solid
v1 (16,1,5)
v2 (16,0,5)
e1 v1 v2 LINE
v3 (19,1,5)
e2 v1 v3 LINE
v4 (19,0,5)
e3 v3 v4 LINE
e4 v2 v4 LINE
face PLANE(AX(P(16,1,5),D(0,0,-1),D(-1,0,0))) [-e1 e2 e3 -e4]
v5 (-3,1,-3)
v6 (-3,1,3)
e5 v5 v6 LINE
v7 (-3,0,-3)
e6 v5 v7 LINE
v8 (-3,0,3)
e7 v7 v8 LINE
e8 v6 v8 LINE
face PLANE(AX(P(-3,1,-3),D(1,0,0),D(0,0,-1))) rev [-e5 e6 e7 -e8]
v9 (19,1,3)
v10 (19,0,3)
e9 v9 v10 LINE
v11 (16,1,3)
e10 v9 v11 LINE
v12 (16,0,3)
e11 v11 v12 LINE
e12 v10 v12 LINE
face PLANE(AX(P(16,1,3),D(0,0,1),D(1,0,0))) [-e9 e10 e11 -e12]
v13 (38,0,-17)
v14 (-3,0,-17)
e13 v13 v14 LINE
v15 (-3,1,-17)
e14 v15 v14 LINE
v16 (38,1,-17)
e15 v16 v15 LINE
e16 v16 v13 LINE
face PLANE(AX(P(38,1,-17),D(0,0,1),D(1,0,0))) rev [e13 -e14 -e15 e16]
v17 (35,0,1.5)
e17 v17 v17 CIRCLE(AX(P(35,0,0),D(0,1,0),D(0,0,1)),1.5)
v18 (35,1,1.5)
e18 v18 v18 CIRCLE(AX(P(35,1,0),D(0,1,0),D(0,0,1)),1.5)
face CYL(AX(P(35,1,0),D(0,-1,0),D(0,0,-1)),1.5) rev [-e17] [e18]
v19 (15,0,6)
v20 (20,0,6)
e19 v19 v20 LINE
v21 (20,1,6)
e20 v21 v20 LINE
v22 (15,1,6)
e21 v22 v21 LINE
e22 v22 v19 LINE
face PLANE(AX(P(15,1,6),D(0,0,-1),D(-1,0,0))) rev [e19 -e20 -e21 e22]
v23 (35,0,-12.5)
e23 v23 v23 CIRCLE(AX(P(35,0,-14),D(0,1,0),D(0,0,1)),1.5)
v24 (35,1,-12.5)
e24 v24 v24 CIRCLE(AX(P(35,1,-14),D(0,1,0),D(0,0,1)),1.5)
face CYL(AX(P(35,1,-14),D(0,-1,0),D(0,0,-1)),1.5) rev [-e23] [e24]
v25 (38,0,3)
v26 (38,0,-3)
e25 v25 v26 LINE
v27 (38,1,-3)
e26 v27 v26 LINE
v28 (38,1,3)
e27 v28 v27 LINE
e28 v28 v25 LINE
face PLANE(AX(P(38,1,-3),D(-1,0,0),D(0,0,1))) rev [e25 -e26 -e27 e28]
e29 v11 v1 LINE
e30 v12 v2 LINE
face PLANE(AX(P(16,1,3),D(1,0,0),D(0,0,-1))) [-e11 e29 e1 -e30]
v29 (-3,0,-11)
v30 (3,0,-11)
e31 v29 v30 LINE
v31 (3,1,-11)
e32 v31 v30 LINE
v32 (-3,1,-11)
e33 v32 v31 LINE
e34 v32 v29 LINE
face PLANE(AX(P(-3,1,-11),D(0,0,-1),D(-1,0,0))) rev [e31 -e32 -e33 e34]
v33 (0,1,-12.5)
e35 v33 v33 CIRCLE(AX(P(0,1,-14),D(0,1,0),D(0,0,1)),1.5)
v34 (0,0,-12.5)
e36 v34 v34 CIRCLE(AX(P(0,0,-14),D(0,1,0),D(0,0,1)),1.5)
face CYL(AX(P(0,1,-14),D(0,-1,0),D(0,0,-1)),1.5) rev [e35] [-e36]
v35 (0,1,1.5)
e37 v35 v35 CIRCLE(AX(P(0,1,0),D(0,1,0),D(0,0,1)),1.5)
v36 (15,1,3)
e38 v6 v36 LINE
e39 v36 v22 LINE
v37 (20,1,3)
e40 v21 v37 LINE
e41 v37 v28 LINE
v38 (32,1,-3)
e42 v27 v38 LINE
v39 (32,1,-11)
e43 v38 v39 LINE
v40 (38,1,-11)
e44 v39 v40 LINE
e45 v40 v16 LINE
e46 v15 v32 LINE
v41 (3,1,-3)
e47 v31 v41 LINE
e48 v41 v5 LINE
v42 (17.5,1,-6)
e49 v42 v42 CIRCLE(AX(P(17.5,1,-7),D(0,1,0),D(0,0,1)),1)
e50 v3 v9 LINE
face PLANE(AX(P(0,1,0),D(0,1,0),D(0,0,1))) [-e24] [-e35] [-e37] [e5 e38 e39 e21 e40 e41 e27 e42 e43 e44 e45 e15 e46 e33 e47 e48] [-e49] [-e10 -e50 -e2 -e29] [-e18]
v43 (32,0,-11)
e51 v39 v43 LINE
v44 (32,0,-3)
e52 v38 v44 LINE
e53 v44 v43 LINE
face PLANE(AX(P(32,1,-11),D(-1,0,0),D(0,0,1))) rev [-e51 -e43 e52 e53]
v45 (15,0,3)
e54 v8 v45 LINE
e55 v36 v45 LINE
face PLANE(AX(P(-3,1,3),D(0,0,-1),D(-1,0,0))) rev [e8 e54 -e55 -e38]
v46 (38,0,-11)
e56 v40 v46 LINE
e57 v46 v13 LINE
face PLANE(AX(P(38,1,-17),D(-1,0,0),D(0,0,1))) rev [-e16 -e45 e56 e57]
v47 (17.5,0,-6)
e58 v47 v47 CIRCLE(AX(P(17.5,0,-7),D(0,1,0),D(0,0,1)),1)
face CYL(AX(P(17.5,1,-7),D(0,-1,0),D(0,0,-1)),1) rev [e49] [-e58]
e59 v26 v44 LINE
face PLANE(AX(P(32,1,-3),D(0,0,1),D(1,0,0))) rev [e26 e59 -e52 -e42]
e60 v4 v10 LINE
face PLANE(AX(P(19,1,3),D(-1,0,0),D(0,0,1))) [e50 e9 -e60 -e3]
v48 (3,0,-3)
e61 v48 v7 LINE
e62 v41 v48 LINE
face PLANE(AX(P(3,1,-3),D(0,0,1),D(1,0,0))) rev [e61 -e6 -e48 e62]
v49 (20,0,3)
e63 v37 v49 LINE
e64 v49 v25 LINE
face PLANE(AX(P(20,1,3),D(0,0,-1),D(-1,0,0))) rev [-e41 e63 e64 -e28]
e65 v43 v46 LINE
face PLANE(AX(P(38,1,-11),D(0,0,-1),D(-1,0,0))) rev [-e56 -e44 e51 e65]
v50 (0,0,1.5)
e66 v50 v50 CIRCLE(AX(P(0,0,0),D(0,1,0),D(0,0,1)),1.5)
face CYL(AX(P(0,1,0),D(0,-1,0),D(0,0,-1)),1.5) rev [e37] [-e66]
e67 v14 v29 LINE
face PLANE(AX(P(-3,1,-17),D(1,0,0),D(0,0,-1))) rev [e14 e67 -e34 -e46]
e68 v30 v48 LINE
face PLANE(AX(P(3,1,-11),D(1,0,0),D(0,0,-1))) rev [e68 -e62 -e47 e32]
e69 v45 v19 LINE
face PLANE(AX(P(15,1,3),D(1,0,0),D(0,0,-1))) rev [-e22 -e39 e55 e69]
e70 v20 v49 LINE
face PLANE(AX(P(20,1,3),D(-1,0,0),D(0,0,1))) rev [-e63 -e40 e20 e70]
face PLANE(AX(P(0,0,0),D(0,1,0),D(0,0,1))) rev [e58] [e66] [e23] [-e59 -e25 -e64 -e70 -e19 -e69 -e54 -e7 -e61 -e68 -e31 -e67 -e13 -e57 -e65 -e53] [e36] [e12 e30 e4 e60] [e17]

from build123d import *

# Parameters (mm, degrees)
CROQUIS2_R              = 1.5
CROQUIS2_R_2            = 1
CROQUIS2_W              = 3
CROQUIS2_H              = 2
SALIENTE_EXTRUIR1_DEPTH = 1


with BuildPart() as part:
    # Croquis2 → Saliente-Extruir1 (new body)
    with BuildSketch(Plane(origin=(0, 0, 0), x_dir=(1, 0, 0), z_dir=(0, 1, 0))):
        Polygon((38, 17), (-3, 17), (-3, 11), (3, 11), (3, 3), (-3, 3), (-3, -3), (15, -3), (15, -6), (20, -6), (20, -3), (38, -3), (38, 3), (32, 3), (32, 11), (38, 11), align=None)
        with Locations(Location((0, 14, 0), (0, 0, 270))):
            Circle(CROQUIS2_R, mode=Mode.SUBTRACT)
        with Locations(Location((0, 0, 0), (0, 0, 270))):
            Circle(CROQUIS2_R, mode=Mode.SUBTRACT)
        with Locations(Location((35, 0, 0), (0, 0, 270))):
            Circle(CROQUIS2_R, mode=Mode.SUBTRACT)
        with Locations(Location((35, 14, 0), (0, 0, 270))):
            Circle(CROQUIS2_R, mode=Mode.SUBTRACT)
        with Locations(Location((17.5, 7, 0), (0, 0, 270))):
            Circle(CROQUIS2_R_2, mode=Mode.SUBTRACT)
        with Locations((17.5, -4)):
            Rectangle(CROQUIS2_W, CROQUIS2_H, mode=Mode.SUBTRACT)
    extrude(amount=SALIENTE_EXTRUIR1_DEPTH)


solid = part.part
